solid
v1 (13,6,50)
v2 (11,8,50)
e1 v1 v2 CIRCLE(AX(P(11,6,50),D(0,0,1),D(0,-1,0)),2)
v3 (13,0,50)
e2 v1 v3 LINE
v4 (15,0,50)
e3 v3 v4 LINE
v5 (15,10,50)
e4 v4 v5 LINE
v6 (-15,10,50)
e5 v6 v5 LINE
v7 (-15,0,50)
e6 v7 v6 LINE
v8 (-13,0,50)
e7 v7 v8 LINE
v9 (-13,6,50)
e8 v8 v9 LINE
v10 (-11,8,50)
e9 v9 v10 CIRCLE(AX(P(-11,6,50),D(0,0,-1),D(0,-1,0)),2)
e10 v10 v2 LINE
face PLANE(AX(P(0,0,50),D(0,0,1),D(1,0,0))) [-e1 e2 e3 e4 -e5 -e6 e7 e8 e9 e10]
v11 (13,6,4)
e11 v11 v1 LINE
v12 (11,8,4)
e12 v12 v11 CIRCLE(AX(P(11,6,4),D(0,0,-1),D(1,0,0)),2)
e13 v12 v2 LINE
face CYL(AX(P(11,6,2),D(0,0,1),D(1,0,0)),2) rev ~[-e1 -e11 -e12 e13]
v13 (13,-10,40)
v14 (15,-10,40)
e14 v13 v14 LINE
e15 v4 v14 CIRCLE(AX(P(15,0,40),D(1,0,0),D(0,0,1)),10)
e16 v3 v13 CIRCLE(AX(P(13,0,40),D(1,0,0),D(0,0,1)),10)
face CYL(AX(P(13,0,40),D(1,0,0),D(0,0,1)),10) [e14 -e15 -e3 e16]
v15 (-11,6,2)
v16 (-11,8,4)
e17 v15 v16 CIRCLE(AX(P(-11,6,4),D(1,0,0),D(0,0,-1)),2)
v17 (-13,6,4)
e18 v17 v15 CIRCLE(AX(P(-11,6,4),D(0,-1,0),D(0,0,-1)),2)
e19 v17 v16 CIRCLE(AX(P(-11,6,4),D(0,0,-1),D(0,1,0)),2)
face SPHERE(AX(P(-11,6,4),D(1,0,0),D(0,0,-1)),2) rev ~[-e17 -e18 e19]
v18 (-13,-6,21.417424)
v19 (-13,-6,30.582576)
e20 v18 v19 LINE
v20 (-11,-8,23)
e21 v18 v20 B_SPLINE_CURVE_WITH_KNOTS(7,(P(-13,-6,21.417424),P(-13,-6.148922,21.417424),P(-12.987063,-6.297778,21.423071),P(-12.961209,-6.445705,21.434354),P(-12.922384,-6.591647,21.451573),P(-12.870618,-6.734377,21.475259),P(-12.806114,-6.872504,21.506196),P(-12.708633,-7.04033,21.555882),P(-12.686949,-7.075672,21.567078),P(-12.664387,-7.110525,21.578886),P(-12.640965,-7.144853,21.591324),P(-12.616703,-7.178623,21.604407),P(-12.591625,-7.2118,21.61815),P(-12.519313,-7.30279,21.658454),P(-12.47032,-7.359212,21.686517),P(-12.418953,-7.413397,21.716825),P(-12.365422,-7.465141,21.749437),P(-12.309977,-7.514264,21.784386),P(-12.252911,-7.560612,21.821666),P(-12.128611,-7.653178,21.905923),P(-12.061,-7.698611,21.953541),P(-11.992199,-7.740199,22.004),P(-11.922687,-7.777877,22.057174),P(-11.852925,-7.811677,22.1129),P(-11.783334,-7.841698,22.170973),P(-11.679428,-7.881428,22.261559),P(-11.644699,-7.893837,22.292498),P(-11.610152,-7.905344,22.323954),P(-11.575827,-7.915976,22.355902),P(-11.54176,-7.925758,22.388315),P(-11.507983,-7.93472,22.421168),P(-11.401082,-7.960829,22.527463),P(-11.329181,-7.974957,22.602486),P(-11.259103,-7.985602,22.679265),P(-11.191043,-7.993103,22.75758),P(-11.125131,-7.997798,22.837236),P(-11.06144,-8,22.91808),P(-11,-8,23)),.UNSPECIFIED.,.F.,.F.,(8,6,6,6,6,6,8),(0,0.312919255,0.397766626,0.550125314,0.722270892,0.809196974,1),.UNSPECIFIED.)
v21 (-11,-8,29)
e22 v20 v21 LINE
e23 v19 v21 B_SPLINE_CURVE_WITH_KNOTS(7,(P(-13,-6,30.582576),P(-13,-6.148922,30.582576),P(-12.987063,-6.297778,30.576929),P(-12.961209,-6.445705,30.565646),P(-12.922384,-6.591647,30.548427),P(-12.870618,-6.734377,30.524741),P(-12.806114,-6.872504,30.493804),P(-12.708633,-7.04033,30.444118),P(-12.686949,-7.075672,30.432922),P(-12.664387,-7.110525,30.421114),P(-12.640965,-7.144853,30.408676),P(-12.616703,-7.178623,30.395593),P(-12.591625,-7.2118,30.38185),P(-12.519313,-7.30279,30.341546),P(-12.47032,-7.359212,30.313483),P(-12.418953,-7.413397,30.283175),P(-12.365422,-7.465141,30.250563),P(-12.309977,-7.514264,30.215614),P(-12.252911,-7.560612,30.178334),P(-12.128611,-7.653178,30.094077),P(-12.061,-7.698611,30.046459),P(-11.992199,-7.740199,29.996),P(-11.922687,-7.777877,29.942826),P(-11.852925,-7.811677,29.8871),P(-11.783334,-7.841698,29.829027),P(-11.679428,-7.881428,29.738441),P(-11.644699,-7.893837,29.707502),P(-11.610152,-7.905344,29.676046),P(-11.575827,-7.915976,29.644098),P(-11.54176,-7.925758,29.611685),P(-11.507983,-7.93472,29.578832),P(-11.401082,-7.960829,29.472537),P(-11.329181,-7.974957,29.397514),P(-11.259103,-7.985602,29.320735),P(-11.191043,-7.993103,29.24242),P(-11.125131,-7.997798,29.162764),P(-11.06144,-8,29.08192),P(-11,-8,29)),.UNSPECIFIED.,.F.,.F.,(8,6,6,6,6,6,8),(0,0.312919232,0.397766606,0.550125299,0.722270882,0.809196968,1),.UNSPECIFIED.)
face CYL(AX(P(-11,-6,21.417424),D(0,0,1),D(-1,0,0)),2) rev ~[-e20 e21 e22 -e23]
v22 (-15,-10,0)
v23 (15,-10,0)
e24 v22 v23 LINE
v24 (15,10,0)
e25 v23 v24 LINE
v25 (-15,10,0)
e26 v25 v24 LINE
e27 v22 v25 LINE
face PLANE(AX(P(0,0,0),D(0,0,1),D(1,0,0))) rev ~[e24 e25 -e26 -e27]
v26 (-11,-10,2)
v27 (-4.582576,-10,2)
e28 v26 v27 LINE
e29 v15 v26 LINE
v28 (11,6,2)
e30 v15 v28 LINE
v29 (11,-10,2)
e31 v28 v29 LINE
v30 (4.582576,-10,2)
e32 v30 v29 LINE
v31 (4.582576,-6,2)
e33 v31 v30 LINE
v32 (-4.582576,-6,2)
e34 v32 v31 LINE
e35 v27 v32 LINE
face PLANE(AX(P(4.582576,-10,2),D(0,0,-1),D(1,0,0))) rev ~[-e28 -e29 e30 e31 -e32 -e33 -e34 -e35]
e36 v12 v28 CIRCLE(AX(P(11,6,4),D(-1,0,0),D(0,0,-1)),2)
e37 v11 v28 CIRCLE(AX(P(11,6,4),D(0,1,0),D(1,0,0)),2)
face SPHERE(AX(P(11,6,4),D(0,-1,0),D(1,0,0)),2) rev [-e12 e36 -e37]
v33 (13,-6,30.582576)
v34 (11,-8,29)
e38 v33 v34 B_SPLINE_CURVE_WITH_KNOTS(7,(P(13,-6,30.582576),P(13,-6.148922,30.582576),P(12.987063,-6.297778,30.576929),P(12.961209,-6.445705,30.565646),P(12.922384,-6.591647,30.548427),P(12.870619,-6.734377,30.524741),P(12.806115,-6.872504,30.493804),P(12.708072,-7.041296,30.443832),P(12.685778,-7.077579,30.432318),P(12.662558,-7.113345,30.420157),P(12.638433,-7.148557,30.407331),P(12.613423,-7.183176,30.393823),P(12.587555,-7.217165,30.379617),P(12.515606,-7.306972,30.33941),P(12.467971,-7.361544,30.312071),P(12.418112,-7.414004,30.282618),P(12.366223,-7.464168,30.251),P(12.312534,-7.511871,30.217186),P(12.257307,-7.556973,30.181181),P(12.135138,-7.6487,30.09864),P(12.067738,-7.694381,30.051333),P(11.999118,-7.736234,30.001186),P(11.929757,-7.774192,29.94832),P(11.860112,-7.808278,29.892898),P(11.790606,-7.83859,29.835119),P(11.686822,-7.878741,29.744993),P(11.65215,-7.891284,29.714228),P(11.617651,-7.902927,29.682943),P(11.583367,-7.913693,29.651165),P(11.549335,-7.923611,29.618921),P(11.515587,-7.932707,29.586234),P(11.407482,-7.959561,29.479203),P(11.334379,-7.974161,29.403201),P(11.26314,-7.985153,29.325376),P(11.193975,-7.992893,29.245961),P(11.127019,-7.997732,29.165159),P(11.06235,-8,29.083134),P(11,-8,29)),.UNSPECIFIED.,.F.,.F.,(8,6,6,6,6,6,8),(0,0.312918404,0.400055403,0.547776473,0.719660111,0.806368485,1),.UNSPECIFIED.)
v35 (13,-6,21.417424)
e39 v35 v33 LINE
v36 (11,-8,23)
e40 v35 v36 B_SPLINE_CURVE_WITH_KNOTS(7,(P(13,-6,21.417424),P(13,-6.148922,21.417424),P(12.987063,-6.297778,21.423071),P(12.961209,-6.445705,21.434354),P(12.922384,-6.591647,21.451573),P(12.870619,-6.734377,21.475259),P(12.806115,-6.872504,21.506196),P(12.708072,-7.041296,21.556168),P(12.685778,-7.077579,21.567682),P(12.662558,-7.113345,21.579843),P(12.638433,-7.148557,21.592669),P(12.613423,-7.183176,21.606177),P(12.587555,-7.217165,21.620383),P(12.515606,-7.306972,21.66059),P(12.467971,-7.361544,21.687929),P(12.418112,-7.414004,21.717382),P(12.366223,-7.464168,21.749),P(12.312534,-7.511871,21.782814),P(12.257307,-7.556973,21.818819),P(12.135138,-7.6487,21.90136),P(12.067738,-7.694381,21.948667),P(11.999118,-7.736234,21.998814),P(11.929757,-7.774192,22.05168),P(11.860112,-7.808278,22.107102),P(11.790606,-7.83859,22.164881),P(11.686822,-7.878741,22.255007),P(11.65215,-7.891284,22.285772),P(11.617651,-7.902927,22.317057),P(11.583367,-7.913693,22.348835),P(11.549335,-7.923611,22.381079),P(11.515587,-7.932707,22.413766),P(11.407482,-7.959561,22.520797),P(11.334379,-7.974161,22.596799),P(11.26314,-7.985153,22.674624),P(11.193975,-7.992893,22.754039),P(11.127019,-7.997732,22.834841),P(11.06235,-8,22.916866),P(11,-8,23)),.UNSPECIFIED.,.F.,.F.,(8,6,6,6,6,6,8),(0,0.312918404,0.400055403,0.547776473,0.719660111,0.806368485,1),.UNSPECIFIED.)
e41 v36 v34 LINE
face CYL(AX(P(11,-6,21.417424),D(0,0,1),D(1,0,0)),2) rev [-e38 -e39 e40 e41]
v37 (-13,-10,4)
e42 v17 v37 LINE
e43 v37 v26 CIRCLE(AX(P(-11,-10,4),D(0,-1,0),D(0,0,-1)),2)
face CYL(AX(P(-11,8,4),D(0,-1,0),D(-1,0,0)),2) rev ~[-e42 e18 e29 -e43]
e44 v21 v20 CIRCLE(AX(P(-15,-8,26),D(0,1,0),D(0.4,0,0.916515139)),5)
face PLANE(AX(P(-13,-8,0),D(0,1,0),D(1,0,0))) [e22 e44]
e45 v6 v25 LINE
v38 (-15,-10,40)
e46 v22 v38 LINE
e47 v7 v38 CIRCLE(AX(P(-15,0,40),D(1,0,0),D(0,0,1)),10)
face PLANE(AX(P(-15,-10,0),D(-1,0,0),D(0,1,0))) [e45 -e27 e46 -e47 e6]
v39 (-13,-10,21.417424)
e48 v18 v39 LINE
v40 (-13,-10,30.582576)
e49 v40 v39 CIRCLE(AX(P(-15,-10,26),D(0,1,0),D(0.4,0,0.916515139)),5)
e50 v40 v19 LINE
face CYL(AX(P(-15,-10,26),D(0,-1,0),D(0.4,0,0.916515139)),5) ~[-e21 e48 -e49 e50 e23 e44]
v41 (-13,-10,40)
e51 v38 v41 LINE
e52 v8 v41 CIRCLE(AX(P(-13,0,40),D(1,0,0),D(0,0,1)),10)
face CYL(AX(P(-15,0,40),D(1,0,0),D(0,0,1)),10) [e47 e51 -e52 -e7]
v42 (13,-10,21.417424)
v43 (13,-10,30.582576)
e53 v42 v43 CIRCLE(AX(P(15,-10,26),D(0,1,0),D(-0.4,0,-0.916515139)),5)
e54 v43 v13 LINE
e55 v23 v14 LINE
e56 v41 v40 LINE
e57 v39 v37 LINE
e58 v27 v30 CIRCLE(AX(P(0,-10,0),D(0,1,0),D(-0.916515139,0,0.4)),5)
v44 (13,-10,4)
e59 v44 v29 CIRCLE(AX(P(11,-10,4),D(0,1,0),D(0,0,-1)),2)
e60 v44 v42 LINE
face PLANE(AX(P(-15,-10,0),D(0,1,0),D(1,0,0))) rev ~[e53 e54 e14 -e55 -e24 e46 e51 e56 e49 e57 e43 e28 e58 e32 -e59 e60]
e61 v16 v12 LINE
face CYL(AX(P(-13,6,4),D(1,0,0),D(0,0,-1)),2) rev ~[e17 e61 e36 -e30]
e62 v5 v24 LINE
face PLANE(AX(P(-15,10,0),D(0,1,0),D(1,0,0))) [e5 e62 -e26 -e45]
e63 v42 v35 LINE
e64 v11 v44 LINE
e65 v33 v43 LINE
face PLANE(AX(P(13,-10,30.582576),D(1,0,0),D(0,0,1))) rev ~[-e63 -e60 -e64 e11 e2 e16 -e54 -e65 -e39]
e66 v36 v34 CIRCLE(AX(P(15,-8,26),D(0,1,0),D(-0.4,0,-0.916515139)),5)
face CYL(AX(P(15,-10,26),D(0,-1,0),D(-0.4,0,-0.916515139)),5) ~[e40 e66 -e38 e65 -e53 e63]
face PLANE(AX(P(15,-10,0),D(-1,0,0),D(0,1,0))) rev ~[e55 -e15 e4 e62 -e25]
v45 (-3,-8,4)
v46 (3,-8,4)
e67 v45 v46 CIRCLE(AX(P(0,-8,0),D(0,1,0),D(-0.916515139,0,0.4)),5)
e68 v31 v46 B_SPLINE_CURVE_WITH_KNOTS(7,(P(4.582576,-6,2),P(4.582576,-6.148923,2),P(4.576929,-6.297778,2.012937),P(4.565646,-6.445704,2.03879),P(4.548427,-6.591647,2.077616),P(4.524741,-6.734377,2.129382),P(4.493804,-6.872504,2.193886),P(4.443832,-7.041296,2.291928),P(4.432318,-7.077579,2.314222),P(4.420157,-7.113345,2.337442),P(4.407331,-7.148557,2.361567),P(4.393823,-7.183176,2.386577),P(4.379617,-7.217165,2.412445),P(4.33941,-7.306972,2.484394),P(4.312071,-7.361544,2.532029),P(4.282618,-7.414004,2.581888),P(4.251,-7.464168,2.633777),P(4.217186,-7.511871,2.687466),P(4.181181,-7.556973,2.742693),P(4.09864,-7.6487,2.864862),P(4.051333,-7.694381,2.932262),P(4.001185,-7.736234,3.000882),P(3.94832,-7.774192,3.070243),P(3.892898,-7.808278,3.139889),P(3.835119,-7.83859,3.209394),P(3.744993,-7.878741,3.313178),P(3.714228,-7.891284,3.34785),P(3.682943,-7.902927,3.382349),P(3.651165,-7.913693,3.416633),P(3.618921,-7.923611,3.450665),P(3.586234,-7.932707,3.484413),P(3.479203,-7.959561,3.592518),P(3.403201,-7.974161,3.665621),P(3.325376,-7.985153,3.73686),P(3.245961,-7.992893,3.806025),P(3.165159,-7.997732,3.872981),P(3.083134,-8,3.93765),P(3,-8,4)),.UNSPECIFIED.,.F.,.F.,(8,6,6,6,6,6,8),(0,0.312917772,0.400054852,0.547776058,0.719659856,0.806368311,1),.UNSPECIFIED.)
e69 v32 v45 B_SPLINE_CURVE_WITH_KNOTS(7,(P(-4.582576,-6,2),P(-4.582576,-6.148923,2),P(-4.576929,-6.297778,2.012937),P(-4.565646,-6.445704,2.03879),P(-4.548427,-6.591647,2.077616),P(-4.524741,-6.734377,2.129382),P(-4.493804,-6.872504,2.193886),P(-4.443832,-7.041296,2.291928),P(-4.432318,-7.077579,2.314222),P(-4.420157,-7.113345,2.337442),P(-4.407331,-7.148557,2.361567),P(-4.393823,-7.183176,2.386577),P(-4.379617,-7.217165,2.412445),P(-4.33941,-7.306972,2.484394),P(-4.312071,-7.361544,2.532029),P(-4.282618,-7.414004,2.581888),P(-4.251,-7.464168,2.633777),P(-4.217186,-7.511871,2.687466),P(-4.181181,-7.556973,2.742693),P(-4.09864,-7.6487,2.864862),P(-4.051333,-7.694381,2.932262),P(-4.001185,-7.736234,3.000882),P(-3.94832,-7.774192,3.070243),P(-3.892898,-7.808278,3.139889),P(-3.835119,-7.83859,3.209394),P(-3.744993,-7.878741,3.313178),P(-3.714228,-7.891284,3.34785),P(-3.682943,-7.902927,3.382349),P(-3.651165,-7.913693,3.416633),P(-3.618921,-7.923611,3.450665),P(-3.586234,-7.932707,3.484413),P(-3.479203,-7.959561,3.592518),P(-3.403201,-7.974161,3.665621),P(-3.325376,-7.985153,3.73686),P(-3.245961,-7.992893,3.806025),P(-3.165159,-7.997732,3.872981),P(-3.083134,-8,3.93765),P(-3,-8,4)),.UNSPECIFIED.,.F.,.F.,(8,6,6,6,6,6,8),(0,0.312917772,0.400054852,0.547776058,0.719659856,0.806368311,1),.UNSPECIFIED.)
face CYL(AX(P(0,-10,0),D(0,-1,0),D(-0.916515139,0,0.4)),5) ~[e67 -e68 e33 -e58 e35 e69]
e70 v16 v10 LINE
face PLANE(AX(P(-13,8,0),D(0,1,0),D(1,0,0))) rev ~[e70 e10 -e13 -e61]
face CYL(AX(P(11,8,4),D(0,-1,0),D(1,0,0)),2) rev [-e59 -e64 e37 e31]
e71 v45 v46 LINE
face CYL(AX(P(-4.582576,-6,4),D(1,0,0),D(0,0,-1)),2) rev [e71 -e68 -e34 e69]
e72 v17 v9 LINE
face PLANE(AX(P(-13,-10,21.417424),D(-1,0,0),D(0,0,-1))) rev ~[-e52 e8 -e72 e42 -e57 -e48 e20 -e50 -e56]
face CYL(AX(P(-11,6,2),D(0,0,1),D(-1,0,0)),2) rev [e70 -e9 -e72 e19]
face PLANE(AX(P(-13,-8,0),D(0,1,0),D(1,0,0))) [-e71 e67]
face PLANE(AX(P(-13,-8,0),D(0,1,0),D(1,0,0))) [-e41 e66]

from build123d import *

# Parameters (mm, degrees)
F0_W     = 30
F0_H     = 20
F0_W_2   = 26
F0_H_2   = 16
F1_DEPTH = 50
F2_W     = 30
F2_H     = 20
F3_DEPTH = 2
F5_DEPTH = 2
F6_R     = 10
F7_R     = 2


with BuildPart() as f1:
    # F0 (on Top) → F1 (new body)
    with BuildSketch(Plane.XY):
        Rectangle(F0_W, F0_H)
        Rectangle(F0_W_2, F0_H_2, mode=Mode.SUBTRACT)
    extrude(amount=F1_DEPTH)

    # F2 (on Top) → F3 (join)
    with BuildSketch(Plane.XY):
        Rectangle(F2_W, F2_H)
    extrude(amount=F3_DEPTH)

    # F4 (on face) → F5 (cut, through all)
    with BuildSketch(Plane.XZ.offset(10)):
        with BuildLine():
            Line((13, 50), (-13, 50))
            Line((-13, 50), (-13, 30.582575695))
            ThreePointArc((-13, 30.582575695), (-10, 26), (-13, 21.417424305))
            Line((-13, 21.417424305), (-13, 2))
            Line((-13, 2), (-4.582575695, 2))
            ThreePointArc((-4.582575695, 2), (0, 5), (4.582575695, 2))
            Line((4.582575695, 2), (13, 2))
            Line((13, 2), (13, 21.417424305))
            ThreePointArc((13, 21.417424305), (10, 26), (13, 30.582575695))
            Line((13, 30.582575695), (13, 50))
        make_face()
    extrude(amount=-F5_DEPTH, mode=Mode.SUBTRACT)

    # F6
    f6_edges = [f1.edges().sort_by_distance(p)[0] for p in [
        (14, -10, 50),
        (-14, -10, 50),
    ]]
    fillet(f6_edges, radius=F6_R)

    # F7
    f7_edges = [f1.edges().sort_by_distance(p)[0] for p in [
        (13, -1, 2),
        (13, 8, 26),
        (0, 8, 2),
        (-13, -1, 2),
        (-13, 8, 26),
        (13, -8, 26),
        (-13, -8, 26),
        (0, -8, 2),
    ]]
    fillet(f7_edges, radius=F7_R)


solid = f1.part
